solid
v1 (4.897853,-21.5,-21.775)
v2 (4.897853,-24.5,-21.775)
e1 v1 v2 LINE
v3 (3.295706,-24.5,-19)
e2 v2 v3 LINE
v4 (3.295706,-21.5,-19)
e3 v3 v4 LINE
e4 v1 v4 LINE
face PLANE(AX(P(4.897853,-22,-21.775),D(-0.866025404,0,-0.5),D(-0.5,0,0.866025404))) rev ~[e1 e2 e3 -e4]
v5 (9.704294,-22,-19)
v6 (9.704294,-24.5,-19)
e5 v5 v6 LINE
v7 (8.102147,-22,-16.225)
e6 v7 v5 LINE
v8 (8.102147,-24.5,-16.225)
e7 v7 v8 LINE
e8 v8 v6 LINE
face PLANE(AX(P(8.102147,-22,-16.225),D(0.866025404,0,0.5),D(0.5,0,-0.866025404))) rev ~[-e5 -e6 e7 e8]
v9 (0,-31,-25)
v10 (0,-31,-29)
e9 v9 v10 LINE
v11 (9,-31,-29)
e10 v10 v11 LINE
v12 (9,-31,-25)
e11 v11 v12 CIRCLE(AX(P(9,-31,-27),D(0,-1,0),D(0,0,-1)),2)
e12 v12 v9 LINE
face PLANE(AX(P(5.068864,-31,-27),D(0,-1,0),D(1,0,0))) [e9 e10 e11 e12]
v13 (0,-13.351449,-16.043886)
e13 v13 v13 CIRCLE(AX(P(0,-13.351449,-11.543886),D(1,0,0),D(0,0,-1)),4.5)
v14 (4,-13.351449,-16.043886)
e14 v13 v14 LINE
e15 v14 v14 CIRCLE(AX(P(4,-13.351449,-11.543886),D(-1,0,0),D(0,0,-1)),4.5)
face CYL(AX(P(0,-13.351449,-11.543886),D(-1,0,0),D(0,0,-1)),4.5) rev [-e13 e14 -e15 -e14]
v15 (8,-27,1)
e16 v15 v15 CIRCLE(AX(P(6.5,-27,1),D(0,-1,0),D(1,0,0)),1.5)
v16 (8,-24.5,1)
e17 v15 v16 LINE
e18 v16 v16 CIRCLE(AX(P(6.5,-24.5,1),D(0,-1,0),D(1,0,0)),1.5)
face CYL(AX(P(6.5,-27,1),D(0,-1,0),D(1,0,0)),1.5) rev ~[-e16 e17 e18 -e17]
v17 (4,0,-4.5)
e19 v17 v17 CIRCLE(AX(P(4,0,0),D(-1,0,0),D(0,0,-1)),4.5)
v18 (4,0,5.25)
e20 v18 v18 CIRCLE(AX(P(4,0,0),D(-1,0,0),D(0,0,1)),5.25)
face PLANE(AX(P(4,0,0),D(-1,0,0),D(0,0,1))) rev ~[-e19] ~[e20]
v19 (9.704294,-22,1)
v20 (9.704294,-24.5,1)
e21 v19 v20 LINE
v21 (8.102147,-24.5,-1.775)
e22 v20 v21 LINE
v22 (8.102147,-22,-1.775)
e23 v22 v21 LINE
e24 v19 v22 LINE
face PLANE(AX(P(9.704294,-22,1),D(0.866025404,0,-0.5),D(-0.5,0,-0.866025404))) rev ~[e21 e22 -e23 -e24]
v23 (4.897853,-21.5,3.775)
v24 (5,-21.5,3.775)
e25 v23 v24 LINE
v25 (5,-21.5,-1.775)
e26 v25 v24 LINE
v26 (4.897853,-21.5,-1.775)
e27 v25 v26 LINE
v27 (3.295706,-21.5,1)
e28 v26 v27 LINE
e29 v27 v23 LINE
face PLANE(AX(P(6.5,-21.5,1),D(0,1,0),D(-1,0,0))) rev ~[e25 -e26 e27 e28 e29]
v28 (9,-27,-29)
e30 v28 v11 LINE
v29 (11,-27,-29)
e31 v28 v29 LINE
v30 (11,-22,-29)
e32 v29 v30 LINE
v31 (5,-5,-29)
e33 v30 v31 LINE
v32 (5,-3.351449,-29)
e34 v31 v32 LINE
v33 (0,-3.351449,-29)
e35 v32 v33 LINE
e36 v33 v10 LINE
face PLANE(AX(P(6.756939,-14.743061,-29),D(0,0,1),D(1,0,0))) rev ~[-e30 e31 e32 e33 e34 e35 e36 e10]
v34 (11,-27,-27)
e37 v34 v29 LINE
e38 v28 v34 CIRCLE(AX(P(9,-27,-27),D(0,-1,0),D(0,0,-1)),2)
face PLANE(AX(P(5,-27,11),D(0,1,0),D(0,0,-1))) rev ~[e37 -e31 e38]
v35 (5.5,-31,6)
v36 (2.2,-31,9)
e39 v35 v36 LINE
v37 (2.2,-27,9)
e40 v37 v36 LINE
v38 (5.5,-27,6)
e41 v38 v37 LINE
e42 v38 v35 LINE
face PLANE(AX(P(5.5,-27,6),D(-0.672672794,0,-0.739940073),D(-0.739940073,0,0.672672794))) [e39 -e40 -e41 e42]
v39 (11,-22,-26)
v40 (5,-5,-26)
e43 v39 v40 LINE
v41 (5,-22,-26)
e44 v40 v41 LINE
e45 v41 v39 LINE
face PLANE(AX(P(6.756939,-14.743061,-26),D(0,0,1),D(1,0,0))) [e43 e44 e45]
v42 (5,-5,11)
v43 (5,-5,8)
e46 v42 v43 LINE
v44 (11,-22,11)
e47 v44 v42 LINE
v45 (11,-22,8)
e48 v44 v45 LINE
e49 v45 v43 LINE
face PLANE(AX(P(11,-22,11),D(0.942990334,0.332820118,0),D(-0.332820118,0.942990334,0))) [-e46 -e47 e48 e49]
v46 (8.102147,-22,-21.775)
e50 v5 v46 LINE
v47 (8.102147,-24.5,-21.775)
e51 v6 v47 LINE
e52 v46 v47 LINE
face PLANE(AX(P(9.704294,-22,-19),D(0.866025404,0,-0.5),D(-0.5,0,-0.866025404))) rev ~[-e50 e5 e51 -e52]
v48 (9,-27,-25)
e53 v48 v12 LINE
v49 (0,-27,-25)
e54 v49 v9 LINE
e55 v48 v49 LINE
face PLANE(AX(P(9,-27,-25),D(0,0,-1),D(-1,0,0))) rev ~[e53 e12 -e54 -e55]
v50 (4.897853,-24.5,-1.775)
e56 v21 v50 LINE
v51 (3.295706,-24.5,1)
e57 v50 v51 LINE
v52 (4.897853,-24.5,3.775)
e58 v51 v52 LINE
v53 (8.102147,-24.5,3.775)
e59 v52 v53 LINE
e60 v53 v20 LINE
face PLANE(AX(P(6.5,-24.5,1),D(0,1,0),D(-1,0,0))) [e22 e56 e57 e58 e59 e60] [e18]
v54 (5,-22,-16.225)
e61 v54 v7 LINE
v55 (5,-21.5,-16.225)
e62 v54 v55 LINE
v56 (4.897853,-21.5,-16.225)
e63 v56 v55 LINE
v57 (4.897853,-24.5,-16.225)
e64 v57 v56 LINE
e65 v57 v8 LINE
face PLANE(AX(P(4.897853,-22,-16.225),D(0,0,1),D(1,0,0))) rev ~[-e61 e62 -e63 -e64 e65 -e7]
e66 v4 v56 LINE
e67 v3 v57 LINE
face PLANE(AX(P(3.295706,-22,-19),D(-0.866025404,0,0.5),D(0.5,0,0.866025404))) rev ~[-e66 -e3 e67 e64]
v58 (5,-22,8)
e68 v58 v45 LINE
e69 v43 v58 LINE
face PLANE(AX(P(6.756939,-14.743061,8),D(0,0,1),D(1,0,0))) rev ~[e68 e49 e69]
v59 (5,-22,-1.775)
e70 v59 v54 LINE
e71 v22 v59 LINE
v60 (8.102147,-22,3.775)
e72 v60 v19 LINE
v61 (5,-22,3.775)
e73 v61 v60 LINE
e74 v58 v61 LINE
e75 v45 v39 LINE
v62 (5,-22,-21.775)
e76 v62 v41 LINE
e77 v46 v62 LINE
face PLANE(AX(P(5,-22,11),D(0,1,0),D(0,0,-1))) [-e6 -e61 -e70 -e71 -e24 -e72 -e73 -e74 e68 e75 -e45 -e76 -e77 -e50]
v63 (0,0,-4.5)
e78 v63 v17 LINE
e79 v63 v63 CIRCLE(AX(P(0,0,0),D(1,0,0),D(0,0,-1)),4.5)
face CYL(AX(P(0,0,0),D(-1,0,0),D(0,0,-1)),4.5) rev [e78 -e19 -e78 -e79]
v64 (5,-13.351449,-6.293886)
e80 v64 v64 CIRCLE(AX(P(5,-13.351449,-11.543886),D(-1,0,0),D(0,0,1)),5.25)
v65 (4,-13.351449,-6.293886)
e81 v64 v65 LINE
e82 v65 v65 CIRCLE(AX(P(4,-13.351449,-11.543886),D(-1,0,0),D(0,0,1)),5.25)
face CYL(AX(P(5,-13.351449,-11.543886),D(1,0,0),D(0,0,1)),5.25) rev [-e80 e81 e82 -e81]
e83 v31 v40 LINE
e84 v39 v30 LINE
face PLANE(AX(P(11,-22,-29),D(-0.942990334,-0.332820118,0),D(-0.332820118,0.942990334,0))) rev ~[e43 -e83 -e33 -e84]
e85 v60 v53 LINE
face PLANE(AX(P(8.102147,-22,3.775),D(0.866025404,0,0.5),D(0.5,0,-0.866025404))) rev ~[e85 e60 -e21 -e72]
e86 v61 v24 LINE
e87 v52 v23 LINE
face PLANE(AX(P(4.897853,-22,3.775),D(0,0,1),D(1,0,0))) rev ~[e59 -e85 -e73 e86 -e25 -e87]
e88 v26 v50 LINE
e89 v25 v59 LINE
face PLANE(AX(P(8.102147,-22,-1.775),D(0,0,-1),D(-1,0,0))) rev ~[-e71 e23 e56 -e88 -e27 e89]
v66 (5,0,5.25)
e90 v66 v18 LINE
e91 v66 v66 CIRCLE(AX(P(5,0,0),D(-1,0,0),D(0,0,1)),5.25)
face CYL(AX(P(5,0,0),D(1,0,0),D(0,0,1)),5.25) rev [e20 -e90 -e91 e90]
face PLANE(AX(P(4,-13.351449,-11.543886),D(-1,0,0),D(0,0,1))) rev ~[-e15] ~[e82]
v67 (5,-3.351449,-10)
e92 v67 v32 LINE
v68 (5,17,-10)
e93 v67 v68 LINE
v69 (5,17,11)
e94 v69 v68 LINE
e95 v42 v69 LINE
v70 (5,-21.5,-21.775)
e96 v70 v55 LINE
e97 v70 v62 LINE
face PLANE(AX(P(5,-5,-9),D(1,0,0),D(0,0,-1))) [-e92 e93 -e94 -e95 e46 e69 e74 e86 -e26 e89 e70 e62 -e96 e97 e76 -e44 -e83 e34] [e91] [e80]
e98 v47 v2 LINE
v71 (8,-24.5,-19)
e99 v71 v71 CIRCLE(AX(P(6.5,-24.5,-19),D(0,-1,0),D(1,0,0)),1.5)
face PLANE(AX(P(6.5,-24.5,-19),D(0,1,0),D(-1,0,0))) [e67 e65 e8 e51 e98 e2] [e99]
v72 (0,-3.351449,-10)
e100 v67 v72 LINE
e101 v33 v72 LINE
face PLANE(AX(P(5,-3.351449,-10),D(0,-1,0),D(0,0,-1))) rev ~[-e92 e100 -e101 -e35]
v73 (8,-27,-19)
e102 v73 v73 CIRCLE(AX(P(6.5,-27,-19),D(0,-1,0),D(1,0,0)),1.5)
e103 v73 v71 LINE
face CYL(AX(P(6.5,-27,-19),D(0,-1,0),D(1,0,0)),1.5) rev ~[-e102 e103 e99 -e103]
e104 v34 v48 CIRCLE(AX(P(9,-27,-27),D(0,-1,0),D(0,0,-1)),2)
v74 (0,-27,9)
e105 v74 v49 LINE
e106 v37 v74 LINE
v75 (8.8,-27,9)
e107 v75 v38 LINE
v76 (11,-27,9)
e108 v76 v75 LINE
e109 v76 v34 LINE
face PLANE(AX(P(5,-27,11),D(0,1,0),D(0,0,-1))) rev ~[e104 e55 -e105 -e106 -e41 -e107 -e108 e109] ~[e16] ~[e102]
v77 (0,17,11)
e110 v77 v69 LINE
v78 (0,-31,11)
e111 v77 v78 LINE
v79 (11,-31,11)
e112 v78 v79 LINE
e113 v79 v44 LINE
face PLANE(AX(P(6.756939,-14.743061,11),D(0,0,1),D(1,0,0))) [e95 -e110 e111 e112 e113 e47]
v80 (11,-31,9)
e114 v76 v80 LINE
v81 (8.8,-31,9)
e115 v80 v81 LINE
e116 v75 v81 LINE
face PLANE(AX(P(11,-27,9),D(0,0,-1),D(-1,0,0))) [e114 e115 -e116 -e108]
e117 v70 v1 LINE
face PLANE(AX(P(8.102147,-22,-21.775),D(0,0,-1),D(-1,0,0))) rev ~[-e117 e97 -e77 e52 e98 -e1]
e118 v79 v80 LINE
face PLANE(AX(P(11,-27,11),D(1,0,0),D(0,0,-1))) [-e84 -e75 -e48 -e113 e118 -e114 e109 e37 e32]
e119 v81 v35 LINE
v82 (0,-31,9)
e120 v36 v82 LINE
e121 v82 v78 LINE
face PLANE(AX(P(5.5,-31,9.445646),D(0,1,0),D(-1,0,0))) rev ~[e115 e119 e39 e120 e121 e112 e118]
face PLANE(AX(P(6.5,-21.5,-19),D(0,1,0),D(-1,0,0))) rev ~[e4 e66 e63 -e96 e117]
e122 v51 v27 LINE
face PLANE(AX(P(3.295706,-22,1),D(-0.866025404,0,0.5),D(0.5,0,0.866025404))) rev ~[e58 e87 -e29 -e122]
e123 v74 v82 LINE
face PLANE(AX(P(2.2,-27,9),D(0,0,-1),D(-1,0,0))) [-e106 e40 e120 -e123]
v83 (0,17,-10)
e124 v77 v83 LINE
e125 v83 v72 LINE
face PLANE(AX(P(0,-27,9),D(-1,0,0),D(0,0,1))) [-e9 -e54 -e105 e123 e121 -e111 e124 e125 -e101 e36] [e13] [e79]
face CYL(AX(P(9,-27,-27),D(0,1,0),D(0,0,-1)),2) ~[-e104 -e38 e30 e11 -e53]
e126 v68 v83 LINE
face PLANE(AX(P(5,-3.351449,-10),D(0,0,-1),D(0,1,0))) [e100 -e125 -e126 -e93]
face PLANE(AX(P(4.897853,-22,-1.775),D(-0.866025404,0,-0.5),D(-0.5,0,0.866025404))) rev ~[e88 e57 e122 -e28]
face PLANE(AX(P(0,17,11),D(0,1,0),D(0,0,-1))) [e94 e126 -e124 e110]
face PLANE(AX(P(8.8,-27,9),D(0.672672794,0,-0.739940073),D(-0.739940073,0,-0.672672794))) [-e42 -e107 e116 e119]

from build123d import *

# Parameters (mm, degrees)
SKETCH_1_W               = 40
SKETCH_1_H               = 44
SKETCH_1_R               = 4.5
EXTRUDE_1_DEPTH          = 5
SKETCH_2_R               = 5.25
CUT_EXTRUDE_1_DEPTH      = 1
CUT_EXTRUDE_2_REACH      = 7
SKETCH_3_W               = 19
SKETCH_3_H               = 20.351449313
SKETCH_4_W               = 40
SKETCH_4_H               = 5
EXTRUDE_2_DEPTH          = 6
EXTRUDE_3_DEPTH          = 4
SKETCH_6_R               = 1.5
CUT_EXTRUDE_4_DEPTH      = 5
CUT_EXTRUDE_5_DEPTH      = 0.5
CUT_EXTRUDE_5_DEPTH_BACK = 2.5
EXTRUDE_4_DEPTH          = 3
EXTRUDE_5_DEPTH          = 3


with BuildPart() as part:
    # 草图1 → 凸台-拉伸1 (new body)
    with BuildSketch(Plane(origin=(0, 0, 0), x_dir=(0, 0, -1), z_dir=(1, 0, 0))):
        with Locations((9, -5)):
            Rectangle(SKETCH_1_W, SKETCH_1_H)
        Circle(SKETCH_1_R, mode=Mode.SUBTRACT)
        with Locations((18, 6)):
            Circle(SKETCH_1_R, mode=Mode.SUBTRACT)
        with Locations((11.543885882, -13.351449313)):
            Circle(SKETCH_1_R, mode=Mode.SUBTRACT)
    extrude(amount=EXTRUDE_1_DEPTH)

    # 草图2 → 切除-拉伸1 (cut)
    with BuildSketch(Plane.ZY.offset(-5)):
        with Locations((-18, 6)):
            Circle(SKETCH_2_R)
        Circle(SKETCH_2_R)
        with Locations((-11.543885882, -13.351449313)):
            Circle(SKETCH_2_R)
    extrude(amount=CUT_EXTRUDE_1_DEPTH, mode=Mode.SUBTRACT)

    # 草图3 → 切除-拉伸2 (cut, up to next)
    with BuildSketch(Plane(origin=(5, 0, 0), x_dir=(0, 0, -1), z_dir=(1, 0, 0)), mode=Mode.PRIVATE) as cut_extrude_2_sk1:
        with Locations((19.5, 6.824275344)):
            Rectangle(SKETCH_3_W, SKETCH_3_H)
    cut_extrude_2_tool1 = extrude(cut_extrude_2_sk1.sketch, amount=-CUT_EXTRUDE_2_REACH, mode=Mode.PRIVATE) & part.part
    add(cut_extrude_2_tool1.solids().sort_by_distance((5, 6.824275, -19.5))[0], mode=Mode.SUBTRACT)

    # 草图4 → 凸台-拉伸2 (add)
    with BuildSketch(Plane(origin=(5, 0, 0), x_dir=(0, 0, -1), z_dir=(1, 0, 0))):
        with Locations((9, -24.5)):
            Rectangle(SKETCH_4_W, SKETCH_4_H)
    extrude(amount=EXTRUDE_2_DEPTH)

    # 草图5 → 凸台-拉伸3 (add)
    with BuildSketch(Plane.XZ.offset(27)):
        Polygon((0, 11), (11, 11), (11, 9), (8.8, 9), (5.5, 6), (2.2, 9), (0, 9), align=None)
        with BuildLine():
            Line((0, -29), (9, -29))
            ThreePointArc((9, -29), (11, -27), (9, -25))
            Line((9, -25), (0, -25))
            Line((0, -25), (0, -29))
        make_face()
    extrude(amount=EXTRUDE_3_DEPTH)

    # 草图6 → 切除-拉伸4 (cut)
    with BuildSketch(Plane.XZ.offset(27)):
        with Locations((6.5, -19)):
            Circle(SKETCH_6_R)
        with Locations((6.5, 1)):
            Circle(SKETCH_6_R)
    extrude(amount=-CUT_EXTRUDE_4_DEPTH, mode=Mode.SUBTRACT)

    # 草图7 → 切除-拉伸5 (cut, two sides)
    with BuildSketch(Plane(origin=(0, -22, 0), x_dir=(-1, 0, 0), z_dir=(0, 1, 0))) as cut_extrude_5_sk:
        Polygon((-9.704293994, -19), (-8.102146997, -21.775), (-4.897853003, -21.775), (-3.295706006, -19), (-4.897853003, -16.225), (-8.102146997, -16.225), align=None)
        Polygon((-9.704293994, 1), (-8.102146997, -1.775), (-4.897853003, -1.775), (-3.295706006, 1), (-4.897853003, 3.775), (-8.102146997, 3.775), align=None)
    extrude(amount=CUT_EXTRUDE_5_DEPTH, mode=Mode.SUBTRACT)
    extrude(cut_extrude_5_sk.sketch, amount=-CUT_EXTRUDE_5_DEPTH_BACK, mode=Mode.SUBTRACT)

    # 草图8 → 凸台-拉伸4 (add)
    with BuildSketch(Plane.XY.offset(11)):
        Polygon((5, -22), (11, -22), (5, -5), align=None)
    extrude(amount=-EXTRUDE_4_DEPTH)

    # 草图9 → 凸台-拉伸5 (add)
    with BuildSketch(Plane(origin=(0, 0, -29), x_dir=(-1, 0, 0), z_dir=(0, 0, -1))):
        Polygon((-5, -22), (-11, -22), (-5, -5), align=None)
    extrude(amount=-EXTRUDE_5_DEPTH)


solid = part.part
